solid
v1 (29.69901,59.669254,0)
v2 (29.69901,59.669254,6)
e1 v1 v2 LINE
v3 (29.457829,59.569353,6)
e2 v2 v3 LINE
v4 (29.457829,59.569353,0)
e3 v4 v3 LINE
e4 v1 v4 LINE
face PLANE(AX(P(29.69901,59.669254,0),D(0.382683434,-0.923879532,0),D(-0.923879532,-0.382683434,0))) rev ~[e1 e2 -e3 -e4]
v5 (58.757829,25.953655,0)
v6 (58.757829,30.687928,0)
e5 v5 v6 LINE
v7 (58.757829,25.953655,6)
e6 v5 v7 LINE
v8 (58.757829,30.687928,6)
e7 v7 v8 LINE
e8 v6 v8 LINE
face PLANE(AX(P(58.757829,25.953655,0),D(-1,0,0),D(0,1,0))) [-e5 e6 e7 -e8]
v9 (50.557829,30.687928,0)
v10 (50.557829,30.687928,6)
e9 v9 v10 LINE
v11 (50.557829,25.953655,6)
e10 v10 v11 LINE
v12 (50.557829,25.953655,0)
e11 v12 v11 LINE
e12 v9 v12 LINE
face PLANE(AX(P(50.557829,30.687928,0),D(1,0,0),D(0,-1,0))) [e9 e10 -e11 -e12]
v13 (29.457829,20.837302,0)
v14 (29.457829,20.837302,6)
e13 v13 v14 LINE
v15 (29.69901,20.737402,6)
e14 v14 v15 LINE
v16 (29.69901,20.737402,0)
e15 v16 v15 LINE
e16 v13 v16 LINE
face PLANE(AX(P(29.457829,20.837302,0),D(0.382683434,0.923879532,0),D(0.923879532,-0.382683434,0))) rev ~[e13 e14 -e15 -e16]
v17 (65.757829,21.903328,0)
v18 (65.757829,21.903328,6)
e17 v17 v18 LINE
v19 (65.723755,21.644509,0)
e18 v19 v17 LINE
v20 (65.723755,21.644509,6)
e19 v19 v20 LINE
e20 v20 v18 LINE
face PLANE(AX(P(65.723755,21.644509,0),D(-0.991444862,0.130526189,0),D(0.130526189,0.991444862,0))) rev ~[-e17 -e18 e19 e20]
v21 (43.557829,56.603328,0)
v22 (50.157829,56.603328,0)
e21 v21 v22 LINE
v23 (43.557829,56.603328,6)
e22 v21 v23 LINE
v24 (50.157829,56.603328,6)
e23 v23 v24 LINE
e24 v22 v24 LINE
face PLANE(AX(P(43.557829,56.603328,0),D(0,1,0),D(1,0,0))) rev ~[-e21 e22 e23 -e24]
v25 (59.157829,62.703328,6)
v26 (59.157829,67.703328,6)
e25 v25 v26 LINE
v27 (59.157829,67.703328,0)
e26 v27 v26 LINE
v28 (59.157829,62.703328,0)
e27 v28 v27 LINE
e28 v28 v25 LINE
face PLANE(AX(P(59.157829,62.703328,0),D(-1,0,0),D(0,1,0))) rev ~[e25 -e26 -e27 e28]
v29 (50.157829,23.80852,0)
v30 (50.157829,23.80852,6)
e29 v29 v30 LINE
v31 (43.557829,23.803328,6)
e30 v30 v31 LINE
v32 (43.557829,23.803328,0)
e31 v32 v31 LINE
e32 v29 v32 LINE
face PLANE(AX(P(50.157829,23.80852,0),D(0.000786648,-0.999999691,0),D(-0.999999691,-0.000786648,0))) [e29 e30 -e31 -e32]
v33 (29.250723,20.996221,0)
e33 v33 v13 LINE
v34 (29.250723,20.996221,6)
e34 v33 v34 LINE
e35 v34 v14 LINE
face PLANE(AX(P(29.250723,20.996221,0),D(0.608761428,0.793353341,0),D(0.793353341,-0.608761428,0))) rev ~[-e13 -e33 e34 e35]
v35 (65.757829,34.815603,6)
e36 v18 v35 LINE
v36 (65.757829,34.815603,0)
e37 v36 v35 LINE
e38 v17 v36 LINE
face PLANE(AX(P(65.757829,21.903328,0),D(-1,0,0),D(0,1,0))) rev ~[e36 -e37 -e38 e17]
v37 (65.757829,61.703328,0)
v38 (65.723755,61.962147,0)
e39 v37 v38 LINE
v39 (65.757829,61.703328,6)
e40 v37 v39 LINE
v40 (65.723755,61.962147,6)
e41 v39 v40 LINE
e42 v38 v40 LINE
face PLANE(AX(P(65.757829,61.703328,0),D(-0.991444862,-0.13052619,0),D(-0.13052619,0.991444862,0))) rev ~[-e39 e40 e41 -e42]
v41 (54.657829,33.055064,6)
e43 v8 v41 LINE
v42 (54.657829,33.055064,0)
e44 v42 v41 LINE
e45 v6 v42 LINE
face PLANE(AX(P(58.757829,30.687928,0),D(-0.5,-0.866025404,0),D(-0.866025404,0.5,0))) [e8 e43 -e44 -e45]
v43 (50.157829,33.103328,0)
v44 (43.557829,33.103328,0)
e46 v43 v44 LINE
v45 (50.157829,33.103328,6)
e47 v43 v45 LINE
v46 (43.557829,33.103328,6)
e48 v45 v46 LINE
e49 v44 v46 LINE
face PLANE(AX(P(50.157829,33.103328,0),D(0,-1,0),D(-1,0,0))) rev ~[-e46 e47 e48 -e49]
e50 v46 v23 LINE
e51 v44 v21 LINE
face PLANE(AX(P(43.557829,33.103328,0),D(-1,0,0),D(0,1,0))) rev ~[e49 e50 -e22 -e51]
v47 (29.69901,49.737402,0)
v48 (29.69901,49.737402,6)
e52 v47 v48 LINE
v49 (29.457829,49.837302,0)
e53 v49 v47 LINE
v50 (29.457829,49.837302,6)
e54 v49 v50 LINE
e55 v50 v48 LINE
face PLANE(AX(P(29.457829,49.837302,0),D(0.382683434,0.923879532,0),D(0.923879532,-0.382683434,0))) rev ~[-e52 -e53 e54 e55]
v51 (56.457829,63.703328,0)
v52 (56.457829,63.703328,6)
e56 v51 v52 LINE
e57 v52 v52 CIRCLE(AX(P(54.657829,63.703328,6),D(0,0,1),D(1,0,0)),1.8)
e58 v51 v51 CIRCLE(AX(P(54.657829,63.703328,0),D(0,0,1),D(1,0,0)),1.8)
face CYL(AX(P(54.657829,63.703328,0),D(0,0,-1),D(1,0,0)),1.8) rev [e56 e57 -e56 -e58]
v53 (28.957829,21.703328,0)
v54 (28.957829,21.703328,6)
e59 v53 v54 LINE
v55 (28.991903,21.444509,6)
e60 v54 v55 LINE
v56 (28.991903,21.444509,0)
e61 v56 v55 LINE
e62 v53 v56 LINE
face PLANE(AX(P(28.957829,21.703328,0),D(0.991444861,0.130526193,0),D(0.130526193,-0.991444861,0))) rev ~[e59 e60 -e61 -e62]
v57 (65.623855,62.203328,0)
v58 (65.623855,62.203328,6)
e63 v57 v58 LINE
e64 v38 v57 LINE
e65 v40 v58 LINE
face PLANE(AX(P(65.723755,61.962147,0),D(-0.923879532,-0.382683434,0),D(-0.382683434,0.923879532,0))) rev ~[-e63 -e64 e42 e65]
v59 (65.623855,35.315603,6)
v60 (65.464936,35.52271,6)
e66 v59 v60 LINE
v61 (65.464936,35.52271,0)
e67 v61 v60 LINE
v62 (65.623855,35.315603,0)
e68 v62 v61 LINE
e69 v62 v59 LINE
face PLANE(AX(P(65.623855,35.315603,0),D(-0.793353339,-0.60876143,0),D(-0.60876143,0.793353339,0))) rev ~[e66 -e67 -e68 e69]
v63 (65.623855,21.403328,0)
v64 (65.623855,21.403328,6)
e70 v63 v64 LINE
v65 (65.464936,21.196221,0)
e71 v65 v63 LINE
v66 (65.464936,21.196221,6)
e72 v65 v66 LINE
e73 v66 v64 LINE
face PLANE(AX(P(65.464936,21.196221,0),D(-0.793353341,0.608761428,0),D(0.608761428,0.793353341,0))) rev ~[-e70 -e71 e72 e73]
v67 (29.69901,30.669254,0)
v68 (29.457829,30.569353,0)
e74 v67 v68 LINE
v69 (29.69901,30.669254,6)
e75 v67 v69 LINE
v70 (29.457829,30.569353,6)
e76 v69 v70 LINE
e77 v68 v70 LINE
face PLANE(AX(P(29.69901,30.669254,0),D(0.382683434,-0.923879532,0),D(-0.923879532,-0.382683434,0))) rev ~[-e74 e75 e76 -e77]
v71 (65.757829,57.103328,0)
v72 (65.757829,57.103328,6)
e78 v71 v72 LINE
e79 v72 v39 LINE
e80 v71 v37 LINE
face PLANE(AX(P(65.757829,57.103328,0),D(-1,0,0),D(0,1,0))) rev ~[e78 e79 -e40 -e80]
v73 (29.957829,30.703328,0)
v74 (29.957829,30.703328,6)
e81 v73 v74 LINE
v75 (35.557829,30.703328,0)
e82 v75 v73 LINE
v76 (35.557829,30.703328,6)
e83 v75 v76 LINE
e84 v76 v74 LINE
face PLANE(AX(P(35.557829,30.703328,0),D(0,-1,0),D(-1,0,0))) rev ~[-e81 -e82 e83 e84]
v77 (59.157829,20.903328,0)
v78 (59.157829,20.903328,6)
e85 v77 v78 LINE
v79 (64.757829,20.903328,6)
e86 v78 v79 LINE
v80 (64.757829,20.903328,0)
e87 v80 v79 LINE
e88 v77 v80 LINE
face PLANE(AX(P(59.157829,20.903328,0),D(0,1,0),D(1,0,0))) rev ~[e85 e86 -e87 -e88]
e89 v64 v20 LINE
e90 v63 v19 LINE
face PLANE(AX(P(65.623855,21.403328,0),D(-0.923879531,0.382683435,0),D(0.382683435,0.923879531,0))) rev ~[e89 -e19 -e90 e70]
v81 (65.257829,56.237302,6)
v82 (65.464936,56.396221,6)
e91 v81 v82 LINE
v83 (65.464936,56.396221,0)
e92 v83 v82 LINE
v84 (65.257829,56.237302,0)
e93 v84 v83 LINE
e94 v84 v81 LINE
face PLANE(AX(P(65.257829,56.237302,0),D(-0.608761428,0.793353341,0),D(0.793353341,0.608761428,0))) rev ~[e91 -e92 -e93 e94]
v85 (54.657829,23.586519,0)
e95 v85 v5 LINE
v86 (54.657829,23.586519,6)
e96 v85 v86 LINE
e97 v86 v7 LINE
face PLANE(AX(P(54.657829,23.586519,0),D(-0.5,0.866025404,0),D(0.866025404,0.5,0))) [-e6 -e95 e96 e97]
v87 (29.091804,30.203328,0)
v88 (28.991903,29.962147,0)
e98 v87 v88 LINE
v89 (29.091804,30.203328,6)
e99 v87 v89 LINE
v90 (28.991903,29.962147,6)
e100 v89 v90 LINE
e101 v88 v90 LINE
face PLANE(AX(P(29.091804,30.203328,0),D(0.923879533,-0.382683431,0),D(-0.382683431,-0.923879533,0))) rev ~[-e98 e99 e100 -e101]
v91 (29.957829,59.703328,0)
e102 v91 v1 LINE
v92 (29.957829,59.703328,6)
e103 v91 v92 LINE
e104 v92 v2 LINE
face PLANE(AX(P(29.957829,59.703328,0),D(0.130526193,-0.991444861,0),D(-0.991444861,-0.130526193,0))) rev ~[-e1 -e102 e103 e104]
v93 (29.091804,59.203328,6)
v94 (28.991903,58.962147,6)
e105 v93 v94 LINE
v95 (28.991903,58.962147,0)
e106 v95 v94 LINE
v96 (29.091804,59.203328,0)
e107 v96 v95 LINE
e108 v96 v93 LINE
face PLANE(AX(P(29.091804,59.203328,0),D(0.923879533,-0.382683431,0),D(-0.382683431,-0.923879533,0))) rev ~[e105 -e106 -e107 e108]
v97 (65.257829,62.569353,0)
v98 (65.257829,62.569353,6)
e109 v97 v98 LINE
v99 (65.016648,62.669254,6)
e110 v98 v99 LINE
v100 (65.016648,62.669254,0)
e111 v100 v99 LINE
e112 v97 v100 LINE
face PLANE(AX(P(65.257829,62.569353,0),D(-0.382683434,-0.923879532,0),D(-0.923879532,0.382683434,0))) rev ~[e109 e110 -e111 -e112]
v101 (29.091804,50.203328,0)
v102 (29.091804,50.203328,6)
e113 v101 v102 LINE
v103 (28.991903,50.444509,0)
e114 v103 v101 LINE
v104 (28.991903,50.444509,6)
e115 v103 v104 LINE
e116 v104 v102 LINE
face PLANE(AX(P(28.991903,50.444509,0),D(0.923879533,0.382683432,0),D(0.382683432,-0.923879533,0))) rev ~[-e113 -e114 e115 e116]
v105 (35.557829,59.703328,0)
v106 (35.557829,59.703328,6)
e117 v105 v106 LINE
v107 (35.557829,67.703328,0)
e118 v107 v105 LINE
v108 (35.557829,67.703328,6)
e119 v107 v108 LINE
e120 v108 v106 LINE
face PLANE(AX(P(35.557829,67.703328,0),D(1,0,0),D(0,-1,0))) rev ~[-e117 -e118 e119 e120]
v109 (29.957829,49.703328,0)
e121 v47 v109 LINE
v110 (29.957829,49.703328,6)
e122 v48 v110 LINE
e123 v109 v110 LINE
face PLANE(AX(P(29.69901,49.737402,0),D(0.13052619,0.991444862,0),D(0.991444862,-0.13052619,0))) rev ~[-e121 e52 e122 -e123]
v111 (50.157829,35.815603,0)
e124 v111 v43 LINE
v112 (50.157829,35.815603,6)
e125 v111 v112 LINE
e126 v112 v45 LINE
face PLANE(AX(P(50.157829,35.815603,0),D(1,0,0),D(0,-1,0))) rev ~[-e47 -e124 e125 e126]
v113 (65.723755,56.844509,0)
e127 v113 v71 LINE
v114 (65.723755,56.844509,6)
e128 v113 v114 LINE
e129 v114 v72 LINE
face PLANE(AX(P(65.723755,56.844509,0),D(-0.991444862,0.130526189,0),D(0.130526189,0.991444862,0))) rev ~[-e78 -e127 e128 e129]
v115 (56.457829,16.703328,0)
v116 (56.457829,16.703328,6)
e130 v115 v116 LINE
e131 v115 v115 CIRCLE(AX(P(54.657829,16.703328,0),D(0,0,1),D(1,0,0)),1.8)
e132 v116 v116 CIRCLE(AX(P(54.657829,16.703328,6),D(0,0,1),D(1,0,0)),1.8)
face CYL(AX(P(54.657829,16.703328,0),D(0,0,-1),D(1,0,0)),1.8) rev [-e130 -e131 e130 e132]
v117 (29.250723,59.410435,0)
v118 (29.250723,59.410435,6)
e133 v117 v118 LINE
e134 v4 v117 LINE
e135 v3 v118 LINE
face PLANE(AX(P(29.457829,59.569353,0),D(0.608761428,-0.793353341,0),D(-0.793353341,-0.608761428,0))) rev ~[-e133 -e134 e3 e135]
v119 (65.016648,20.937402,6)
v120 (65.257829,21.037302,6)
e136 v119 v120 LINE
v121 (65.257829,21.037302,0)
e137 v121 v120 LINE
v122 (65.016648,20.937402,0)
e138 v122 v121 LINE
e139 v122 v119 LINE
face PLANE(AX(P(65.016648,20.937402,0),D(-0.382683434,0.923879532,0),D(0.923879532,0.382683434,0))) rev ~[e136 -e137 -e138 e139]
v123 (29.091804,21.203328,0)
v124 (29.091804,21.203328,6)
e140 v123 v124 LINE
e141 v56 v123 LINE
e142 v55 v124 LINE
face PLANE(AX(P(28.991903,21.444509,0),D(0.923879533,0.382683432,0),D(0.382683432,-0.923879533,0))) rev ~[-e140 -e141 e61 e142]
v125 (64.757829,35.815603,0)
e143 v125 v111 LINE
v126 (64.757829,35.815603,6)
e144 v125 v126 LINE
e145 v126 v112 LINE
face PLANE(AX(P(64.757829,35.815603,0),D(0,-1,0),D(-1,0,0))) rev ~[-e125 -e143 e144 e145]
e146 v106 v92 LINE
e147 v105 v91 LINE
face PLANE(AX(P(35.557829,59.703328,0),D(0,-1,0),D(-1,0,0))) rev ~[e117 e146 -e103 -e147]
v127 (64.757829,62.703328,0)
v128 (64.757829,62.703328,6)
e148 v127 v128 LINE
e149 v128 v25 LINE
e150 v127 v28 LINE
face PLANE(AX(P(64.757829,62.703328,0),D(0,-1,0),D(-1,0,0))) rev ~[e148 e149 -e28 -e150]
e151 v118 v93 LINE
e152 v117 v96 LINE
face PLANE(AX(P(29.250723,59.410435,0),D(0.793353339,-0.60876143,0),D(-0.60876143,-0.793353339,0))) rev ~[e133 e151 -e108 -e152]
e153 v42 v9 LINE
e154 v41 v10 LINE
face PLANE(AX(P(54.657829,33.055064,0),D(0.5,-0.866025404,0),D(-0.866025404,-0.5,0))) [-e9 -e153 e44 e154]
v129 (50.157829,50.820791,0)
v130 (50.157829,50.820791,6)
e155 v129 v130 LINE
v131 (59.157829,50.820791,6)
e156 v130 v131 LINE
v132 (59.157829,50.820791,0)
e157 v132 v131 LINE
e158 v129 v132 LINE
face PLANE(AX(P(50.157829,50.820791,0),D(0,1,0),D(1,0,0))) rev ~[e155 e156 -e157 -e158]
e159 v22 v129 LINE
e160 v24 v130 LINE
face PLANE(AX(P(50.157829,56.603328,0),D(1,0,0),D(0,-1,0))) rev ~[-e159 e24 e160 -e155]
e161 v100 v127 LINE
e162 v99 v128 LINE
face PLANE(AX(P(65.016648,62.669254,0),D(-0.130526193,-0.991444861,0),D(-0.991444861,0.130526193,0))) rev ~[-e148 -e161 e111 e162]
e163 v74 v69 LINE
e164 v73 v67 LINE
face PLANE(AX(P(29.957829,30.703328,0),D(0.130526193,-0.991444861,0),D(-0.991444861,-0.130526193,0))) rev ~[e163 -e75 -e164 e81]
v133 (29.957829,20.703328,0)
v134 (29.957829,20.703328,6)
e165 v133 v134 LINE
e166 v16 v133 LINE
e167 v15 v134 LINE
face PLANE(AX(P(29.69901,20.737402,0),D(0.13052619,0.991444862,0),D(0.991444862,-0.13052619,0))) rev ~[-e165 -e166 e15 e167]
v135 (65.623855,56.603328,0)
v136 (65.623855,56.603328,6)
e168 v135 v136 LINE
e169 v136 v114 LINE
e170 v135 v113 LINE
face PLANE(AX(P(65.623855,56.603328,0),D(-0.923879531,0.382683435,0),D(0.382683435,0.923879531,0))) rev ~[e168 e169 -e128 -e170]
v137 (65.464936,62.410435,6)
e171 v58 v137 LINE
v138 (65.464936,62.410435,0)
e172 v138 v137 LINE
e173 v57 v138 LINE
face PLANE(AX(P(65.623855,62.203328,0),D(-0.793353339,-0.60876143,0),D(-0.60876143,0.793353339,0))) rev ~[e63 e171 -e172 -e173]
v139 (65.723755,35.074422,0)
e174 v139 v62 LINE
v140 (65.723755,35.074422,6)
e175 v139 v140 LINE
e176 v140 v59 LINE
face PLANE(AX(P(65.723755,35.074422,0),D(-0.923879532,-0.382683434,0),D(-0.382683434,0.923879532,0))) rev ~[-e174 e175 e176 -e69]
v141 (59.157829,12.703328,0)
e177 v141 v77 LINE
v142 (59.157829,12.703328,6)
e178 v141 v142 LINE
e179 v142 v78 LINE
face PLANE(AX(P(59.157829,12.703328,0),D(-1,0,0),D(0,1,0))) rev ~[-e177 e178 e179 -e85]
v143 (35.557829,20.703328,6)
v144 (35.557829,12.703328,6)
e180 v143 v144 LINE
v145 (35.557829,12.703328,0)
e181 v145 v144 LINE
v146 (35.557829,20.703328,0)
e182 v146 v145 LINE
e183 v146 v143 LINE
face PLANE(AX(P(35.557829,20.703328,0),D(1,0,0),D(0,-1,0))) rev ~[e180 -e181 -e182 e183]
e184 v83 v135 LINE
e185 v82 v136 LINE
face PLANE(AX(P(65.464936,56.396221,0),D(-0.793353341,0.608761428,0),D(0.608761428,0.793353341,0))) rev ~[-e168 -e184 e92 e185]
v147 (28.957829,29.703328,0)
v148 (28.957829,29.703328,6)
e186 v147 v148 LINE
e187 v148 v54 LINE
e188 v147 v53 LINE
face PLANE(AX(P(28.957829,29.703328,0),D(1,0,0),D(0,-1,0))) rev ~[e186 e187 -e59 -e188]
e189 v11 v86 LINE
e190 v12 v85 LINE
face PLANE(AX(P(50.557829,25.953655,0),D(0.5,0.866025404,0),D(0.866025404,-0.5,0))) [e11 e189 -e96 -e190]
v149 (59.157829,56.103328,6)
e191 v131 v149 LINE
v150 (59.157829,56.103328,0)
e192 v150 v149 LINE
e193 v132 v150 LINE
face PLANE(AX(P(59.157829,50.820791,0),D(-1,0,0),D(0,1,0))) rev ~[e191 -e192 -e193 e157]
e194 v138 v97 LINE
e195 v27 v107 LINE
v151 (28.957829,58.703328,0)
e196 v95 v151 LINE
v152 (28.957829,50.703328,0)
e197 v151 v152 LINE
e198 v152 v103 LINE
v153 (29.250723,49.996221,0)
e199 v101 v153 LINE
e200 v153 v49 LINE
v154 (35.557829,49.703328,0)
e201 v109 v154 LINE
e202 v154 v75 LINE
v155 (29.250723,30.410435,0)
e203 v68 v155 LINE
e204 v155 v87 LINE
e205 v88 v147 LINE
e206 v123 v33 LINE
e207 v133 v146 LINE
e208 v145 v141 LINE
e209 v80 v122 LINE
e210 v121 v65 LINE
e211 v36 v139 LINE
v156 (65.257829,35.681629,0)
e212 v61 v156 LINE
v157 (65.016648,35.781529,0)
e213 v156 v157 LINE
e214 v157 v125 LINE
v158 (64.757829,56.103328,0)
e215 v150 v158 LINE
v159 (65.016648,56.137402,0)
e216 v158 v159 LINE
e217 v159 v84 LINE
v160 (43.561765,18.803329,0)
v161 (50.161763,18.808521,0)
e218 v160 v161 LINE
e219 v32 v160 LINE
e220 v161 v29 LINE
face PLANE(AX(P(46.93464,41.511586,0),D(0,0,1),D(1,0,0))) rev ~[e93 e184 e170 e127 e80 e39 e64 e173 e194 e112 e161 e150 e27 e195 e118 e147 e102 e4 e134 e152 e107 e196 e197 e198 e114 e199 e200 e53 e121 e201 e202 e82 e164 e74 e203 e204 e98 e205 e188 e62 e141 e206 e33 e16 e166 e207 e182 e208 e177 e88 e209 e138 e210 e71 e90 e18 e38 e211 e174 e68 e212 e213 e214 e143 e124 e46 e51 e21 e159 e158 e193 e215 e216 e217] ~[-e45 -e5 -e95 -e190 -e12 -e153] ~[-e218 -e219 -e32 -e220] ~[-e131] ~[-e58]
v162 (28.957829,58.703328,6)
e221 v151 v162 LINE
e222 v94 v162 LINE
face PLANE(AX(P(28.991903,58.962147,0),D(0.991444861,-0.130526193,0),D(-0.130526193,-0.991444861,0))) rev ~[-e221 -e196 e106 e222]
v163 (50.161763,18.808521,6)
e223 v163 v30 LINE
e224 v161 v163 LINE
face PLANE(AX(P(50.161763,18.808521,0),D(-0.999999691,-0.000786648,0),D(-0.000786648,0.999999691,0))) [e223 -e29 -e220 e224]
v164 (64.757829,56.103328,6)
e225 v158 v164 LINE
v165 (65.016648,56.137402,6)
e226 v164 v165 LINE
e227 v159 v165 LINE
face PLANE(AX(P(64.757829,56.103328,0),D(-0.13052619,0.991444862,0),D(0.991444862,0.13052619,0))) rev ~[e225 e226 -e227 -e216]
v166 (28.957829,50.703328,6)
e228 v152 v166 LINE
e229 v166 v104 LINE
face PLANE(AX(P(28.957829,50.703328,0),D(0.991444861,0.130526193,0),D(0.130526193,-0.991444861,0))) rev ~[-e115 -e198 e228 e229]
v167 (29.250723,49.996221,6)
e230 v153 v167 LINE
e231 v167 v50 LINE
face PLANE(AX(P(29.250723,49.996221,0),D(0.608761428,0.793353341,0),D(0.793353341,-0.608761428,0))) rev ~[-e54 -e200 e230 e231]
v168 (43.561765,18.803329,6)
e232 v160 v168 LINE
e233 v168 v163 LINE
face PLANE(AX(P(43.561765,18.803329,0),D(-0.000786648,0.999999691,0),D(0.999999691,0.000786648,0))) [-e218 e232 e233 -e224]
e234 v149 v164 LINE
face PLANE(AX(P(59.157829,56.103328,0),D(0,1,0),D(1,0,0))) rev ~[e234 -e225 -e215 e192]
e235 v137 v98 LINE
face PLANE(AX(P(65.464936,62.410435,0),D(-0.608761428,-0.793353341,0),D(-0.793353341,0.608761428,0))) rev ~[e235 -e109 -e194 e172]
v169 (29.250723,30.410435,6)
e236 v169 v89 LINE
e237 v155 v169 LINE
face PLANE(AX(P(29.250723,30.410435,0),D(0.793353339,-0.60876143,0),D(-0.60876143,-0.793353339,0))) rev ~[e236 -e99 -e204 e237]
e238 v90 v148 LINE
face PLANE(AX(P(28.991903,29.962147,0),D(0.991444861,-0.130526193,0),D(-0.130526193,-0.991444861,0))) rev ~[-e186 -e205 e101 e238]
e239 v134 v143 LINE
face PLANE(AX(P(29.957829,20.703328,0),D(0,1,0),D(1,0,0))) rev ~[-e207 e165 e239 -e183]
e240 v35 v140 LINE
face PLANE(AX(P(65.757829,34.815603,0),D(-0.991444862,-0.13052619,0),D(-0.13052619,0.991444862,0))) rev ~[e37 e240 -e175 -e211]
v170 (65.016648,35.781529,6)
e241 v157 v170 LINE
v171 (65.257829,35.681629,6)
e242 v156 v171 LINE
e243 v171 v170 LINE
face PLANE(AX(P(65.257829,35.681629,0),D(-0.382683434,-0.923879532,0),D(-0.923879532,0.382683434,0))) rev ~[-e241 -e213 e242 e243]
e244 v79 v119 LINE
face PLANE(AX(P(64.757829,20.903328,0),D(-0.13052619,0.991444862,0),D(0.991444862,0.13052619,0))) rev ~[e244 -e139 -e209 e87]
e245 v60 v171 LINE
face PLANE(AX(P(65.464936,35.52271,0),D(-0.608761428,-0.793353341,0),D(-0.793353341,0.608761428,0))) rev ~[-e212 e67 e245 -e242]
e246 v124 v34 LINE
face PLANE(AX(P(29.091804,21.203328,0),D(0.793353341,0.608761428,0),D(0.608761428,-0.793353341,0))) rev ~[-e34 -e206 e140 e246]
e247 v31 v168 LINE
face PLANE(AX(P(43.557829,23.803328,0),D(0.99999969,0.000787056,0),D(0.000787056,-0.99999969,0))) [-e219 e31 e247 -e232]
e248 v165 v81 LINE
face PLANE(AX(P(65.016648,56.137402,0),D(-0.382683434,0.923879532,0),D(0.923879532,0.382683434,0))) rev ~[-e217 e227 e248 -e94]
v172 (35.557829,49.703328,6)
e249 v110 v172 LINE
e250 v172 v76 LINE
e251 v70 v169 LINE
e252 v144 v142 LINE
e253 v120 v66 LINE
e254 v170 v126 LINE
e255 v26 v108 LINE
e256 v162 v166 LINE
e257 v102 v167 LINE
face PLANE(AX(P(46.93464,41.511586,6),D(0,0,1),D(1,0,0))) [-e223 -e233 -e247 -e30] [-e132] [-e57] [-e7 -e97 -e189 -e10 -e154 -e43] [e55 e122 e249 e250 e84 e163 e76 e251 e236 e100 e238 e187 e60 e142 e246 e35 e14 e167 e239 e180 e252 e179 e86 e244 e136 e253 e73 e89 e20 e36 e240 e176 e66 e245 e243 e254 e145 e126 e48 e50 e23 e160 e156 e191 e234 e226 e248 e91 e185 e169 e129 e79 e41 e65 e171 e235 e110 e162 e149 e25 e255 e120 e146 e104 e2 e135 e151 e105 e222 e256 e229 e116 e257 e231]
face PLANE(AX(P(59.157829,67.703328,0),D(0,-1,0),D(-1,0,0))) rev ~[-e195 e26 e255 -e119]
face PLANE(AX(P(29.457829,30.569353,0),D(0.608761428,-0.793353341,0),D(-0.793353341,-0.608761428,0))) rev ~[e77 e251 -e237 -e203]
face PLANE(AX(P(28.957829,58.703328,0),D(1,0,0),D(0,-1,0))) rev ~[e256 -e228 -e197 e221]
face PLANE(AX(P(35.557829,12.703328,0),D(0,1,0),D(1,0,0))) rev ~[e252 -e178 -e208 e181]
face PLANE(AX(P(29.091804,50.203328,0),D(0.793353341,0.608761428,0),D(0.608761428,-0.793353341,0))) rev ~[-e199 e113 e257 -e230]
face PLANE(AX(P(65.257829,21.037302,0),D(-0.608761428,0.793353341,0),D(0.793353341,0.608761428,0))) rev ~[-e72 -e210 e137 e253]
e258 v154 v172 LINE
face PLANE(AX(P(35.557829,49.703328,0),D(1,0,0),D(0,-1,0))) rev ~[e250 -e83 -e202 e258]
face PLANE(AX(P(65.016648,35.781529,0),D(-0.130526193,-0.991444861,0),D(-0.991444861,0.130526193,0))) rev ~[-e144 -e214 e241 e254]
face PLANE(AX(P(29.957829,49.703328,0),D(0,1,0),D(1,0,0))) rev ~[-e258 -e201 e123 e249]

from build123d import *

# Parameters (mm, degrees)
MODEL_R                  = 1.8
RESSALTO_EXTRUS_O1_DEPTH = 6


with BuildPart() as part:
    # Model → Ressalto-extrusão1 (new body)
    with BuildSketch(Plane.XY):
        Polygon((65.723755116, 35.074422304), (65.623854693, 35.315603259), (65.46493607, 35.52271004), (65.257829289, 35.681628662), (65.016648334, 35.781529085), (64.757829289, 35.815603259), (50.157829289, 35.815603259), (50.157829289, 33.103327835), (43.557829289, 33.103327835), (43.557829289, 56.603327835), (50.157829289, 56.603327835), (50.157829289, 50.820791423), (59.157829289, 50.820791423), (59.157829289, 56.103327835), (64.757829289, 56.103327835), (65.016648334, 56.137402008), (65.257829289, 56.237302431), (65.46493607, 56.396221053), (65.623854693, 56.603327835), (65.723755116, 56.844508789), (65.757829289, 57.103327835), (65.757829289, 61.703327835), (65.723755116, 61.96214688), (65.623854693, 62.203327835), (65.46493607, 62.410434616), (65.257829289, 62.569353238), (65.016648334, 62.669253661), (64.757829289, 62.703327835), (59.157829289, 62.703327835), (59.157829289, 67.703327835), (35.557829289, 67.703327835), (35.557829289, 59.703327835), (29.957829289, 59.703327835), (29.699010244, 59.669253661), (29.457829289, 59.569353238), (29.250722508, 59.410434616), (29.091803885, 59.203327835), (28.991903463, 58.96214688), (28.957829289, 58.703327835), (28.957829289, 50.703327835), (28.991903463, 50.444508789), (29.091803885, 50.203327835), (29.250722508, 49.996221053), (29.457829289, 49.837302431), (29.699010244, 49.737402008), (29.957829289, 49.703327835), (35.557829289, 49.703327835), (35.557829289, 30.703327835), (29.957829289, 30.703327835), (29.699010244, 30.669253661), (29.457829289, 30.569353238), (29.250722508, 30.410434616), (29.091803885, 30.203327835), (28.991903463, 29.96214688), (28.957829289, 29.703327835), (28.957829289, 21.703327835), (28.991903463, 21.444508789), (29.091803885, 21.203327835), (29.250722508, 20.996221053), (29.457829289, 20.837302431), (29.699010244, 20.737402008), (29.957829289, 20.703327835), (35.557829289, 20.703327835), (35.557829289, 12.703327835), (59.157829289, 12.703327835), (59.157829289, 20.903327835), (64.757829289, 20.903327835), (65.016648334, 20.937402008), (65.257829289, 21.037302431), (65.46493607, 21.196221053), (65.623854693, 21.403327835), (65.723755116, 21.644508789), (65.757829289, 21.903327835), (65.757829289, 34.815603259), align=None)
        with Locations((54.657829289, 63.703327835)):
            Circle(MODEL_R, mode=Mode.SUBTRACT)
        with Locations((54.657829289, 16.703327835)):
            Circle(MODEL_R, mode=Mode.SUBTRACT)
        Polygon((43.557829289, 23.803327835), (43.561764571, 18.803329383), (50.161762529, 18.808521259), (50.157829289, 23.808519712), align=None, mode=Mode.SUBTRACT)
        Polygon((50.557829289, 30.687927527), (50.557829289, 25.95365532), (54.657829289, 23.586519216), (58.757829289, 25.95365532), (58.757829289, 30.687927527), (54.657829289, 33.055063631), align=None, mode=Mode.SUBTRACT)
    extrude(amount=RESSALTO_EXTRUS_O1_DEPTH)


solid = part.part
